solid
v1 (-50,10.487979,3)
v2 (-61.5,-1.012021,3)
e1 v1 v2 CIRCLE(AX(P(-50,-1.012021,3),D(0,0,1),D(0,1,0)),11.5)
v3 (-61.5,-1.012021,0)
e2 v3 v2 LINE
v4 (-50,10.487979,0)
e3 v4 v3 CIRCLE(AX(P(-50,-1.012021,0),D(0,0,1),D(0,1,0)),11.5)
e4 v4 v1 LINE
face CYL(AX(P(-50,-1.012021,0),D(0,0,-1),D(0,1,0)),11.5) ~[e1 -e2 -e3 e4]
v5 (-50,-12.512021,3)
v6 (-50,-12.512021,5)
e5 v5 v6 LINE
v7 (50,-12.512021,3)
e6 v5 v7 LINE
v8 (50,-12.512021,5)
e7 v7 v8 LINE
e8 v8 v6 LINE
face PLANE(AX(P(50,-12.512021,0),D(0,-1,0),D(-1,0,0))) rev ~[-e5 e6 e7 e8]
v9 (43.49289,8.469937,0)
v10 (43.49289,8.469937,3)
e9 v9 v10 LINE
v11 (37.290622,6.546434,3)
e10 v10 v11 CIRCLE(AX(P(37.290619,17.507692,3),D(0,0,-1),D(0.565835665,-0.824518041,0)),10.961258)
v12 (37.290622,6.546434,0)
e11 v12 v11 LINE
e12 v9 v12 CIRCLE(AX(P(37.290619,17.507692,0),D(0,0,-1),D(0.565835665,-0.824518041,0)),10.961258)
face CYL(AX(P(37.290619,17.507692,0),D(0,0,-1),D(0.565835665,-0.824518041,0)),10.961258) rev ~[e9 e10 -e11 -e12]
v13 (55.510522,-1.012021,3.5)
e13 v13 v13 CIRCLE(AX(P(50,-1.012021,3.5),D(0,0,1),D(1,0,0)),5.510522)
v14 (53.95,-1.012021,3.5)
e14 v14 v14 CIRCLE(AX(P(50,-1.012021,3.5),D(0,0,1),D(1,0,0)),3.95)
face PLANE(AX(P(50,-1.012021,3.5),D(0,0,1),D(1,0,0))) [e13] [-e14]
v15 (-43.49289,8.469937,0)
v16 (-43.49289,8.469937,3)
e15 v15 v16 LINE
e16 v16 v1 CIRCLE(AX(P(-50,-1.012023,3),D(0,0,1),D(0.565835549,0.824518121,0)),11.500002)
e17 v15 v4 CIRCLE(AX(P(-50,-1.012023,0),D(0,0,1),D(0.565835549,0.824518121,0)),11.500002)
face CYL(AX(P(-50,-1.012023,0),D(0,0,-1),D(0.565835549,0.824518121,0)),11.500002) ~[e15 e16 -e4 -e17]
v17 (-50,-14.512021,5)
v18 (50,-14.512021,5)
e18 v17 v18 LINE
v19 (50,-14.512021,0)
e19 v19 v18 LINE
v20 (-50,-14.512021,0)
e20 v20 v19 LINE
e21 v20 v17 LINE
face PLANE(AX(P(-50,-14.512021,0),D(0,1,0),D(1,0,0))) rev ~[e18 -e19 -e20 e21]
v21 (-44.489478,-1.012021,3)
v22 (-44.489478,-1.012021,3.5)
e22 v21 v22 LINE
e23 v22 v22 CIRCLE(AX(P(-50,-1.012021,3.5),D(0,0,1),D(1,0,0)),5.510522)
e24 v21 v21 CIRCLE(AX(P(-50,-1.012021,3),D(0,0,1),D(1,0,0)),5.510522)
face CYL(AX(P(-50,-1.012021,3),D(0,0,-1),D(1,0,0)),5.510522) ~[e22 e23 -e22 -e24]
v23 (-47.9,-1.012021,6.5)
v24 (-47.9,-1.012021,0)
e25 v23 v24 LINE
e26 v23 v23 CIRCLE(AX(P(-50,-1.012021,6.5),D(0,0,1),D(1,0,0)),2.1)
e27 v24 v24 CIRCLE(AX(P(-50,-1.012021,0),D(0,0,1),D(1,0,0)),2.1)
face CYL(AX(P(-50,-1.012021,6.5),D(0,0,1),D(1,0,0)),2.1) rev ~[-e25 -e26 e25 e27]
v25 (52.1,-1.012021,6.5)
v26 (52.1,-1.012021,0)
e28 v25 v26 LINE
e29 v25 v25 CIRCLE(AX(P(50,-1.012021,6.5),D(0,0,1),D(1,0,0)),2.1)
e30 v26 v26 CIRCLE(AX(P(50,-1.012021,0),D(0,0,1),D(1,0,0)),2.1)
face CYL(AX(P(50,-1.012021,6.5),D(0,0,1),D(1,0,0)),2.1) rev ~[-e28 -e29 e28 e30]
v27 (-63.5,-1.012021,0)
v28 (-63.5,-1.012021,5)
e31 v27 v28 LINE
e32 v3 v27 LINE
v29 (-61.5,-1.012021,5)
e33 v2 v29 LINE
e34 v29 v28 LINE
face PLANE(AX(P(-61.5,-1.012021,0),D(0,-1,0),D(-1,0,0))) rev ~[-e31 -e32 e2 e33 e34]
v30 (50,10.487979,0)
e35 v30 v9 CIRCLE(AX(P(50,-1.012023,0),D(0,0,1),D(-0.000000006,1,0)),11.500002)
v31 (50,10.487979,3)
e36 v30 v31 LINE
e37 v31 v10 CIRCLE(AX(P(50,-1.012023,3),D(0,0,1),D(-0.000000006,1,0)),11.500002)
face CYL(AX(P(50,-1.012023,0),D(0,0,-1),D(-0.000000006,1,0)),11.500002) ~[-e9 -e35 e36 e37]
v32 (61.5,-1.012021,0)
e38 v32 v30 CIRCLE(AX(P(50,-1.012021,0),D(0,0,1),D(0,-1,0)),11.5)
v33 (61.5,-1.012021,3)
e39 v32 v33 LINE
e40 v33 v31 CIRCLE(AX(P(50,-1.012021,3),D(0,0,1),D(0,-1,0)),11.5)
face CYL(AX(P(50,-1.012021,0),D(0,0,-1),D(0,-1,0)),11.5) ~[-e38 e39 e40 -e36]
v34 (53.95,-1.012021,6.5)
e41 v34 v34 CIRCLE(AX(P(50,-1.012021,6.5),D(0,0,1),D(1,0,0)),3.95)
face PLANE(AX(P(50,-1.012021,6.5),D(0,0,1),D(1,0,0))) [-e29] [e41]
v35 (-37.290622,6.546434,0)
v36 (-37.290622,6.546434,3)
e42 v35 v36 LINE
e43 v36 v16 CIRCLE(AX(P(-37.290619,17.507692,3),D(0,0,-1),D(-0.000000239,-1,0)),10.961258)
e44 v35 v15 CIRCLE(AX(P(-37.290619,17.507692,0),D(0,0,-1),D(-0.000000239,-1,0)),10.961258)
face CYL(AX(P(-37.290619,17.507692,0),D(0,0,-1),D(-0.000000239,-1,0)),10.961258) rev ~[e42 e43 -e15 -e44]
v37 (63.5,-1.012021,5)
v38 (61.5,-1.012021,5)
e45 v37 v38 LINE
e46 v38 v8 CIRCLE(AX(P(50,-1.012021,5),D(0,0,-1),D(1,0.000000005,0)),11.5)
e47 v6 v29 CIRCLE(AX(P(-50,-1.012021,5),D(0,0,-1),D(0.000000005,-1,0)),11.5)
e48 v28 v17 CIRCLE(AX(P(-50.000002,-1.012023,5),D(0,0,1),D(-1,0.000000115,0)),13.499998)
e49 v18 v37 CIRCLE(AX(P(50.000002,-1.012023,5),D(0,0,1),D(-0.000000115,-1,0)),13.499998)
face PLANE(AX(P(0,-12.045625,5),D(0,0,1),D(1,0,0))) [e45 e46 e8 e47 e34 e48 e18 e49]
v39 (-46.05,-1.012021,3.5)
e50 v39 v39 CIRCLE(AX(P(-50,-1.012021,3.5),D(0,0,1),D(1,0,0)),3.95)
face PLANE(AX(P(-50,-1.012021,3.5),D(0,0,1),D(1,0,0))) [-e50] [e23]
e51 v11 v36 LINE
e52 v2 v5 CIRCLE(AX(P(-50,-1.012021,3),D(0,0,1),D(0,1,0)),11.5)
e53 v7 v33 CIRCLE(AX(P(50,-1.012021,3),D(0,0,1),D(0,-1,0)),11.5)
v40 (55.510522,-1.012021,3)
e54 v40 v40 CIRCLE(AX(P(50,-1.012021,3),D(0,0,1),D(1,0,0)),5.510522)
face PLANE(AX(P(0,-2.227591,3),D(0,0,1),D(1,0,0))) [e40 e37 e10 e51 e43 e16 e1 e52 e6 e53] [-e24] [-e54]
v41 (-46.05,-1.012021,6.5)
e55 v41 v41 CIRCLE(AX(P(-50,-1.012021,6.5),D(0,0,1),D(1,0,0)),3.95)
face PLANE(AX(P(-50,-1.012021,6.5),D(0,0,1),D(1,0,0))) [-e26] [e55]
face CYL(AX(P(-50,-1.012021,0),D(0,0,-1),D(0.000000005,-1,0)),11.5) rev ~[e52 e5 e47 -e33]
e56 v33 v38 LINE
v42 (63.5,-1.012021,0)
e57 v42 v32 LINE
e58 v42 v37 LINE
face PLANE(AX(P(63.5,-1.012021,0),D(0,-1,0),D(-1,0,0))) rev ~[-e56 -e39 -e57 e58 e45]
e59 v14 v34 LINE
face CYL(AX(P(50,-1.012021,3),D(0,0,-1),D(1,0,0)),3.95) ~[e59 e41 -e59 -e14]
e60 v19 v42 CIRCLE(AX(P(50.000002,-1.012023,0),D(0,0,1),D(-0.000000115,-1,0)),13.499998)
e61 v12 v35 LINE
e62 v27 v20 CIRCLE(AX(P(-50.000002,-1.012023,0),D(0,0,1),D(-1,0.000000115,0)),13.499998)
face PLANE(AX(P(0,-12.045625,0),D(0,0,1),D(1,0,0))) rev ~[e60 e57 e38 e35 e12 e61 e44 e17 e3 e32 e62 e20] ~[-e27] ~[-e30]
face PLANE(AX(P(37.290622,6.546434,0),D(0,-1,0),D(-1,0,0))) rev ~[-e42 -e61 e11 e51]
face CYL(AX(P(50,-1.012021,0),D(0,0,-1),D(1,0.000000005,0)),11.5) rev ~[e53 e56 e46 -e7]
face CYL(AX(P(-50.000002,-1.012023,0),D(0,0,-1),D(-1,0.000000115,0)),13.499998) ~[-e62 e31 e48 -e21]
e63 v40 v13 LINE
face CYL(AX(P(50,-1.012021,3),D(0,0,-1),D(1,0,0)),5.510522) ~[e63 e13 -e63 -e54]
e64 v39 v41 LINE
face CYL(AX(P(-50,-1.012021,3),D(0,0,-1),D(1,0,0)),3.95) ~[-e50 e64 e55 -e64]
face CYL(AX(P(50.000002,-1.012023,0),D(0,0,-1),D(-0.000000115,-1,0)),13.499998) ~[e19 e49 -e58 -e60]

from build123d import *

# Parameters (mm, degrees)
F1_DEPTH = 3
F3_DEPTH = 5
F4_R     = 3.95
F5_DEPTH = 3.5
F6_R     = 2.1
F7_DEPTH = 25
F8_R     = 5.510522
F8_R_2   = 3.95
F9_DEPTH = 0.5


with BuildPart() as f1:
    # F0 (on Top) → F1 (new body)
    with BuildSketch(Plane.XY):
        with BuildLine():
            ThreePointArc((-50, 10.487979), (-61.5, -1.012021), (-50, -12.512021))
            Line((-50, -12.512021), (0, -12.512021))
            Line((0, -12.512021), (50, -12.512021))
            ThreePointArc((50, -12.512021), (61.5, -1.012021), (50, 10.487979))
            ThreePointArc((50, 10.487979), (46.593573, 9.971888), (43.49289, 8.469937))
            ThreePointArc((43.49289, 8.469937), (40.537466, 7.038348), (37.290622, 6.546434))
            Line((37.290622, 6.546434), (0, 6.546434))
            Line((0, 6.546434), (-37.290622, 6.546434))
            ThreePointArc((-37.290622, 6.546434), (-40.537466, 7.038348), (-43.49289, 8.469937))
            ThreePointArc((-43.49289, 8.469937), (-46.593573, 9.971888), (-50, 10.487979))
        make_face()
    extrude(amount=F1_DEPTH)

    # F2 (on face) → F3 (join)
    with BuildSketch(Plane.XY):
        with BuildLine():
            ThreePointArc((-63.5, -1.012021), (-59.545942, -10.557963), (-50, -14.512021))
            Line((-50, -14.512021), (50, -14.512021))
            ThreePointArc((50, -14.512021), (59.545942, -10.557963), (63.5, -1.012021))
            Line((63.5, -1.012021), (61.5, -1.012021))
            ThreePointArc((61.5, -1.012021), (58.131728, -9.143749), (50, -12.512021))
            Line((50, -12.512021), (-50, -12.512021))
            ThreePointArc((-50, -12.512021), (-58.131728, -9.143749), (-61.5, -1.012021))
            Line((-61.5, -1.012021), (-63.5, -1.012021))
        make_face()
    extrude(amount=F3_DEPTH)

    # F4 (on face) → F5 (join)
    with BuildSketch(Plane.XY.offset(3)):
        with Locations((-50, -1.012021)):
            Circle(F4_R)
        with Locations((50, -1.012021)):
            Circle(F4_R)
    extrude(amount=F5_DEPTH)

    # F6 (on face) → F7 (cut)
    with BuildSketch(Plane.XY.offset(6.5)):
        with Locations((-50, -1.012021)):
            Circle(F6_R)
        with Locations((50, -1.012021)):
            Circle(F6_R)
    extrude(amount=-F7_DEPTH, mode=Mode.SUBTRACT)

    # F8 (on face) → F9 (join)
    with BuildSketch(Plane.XY.offset(3)):
        with Locations((-50, -1.012021)):
            Circle(F8_R)
        with Locations((-50, -1.012021)):
            Circle(F8_R_2, mode=Mode.SUBTRACT)
        with Locations((50, -1.012021)):
            Circle(F8_R)
        with Locations((50, -1.012021)):
            Circle(F8_R_2, mode=Mode.SUBTRACT)
    extrude(amount=F9_DEPTH)


solid = f1.part
